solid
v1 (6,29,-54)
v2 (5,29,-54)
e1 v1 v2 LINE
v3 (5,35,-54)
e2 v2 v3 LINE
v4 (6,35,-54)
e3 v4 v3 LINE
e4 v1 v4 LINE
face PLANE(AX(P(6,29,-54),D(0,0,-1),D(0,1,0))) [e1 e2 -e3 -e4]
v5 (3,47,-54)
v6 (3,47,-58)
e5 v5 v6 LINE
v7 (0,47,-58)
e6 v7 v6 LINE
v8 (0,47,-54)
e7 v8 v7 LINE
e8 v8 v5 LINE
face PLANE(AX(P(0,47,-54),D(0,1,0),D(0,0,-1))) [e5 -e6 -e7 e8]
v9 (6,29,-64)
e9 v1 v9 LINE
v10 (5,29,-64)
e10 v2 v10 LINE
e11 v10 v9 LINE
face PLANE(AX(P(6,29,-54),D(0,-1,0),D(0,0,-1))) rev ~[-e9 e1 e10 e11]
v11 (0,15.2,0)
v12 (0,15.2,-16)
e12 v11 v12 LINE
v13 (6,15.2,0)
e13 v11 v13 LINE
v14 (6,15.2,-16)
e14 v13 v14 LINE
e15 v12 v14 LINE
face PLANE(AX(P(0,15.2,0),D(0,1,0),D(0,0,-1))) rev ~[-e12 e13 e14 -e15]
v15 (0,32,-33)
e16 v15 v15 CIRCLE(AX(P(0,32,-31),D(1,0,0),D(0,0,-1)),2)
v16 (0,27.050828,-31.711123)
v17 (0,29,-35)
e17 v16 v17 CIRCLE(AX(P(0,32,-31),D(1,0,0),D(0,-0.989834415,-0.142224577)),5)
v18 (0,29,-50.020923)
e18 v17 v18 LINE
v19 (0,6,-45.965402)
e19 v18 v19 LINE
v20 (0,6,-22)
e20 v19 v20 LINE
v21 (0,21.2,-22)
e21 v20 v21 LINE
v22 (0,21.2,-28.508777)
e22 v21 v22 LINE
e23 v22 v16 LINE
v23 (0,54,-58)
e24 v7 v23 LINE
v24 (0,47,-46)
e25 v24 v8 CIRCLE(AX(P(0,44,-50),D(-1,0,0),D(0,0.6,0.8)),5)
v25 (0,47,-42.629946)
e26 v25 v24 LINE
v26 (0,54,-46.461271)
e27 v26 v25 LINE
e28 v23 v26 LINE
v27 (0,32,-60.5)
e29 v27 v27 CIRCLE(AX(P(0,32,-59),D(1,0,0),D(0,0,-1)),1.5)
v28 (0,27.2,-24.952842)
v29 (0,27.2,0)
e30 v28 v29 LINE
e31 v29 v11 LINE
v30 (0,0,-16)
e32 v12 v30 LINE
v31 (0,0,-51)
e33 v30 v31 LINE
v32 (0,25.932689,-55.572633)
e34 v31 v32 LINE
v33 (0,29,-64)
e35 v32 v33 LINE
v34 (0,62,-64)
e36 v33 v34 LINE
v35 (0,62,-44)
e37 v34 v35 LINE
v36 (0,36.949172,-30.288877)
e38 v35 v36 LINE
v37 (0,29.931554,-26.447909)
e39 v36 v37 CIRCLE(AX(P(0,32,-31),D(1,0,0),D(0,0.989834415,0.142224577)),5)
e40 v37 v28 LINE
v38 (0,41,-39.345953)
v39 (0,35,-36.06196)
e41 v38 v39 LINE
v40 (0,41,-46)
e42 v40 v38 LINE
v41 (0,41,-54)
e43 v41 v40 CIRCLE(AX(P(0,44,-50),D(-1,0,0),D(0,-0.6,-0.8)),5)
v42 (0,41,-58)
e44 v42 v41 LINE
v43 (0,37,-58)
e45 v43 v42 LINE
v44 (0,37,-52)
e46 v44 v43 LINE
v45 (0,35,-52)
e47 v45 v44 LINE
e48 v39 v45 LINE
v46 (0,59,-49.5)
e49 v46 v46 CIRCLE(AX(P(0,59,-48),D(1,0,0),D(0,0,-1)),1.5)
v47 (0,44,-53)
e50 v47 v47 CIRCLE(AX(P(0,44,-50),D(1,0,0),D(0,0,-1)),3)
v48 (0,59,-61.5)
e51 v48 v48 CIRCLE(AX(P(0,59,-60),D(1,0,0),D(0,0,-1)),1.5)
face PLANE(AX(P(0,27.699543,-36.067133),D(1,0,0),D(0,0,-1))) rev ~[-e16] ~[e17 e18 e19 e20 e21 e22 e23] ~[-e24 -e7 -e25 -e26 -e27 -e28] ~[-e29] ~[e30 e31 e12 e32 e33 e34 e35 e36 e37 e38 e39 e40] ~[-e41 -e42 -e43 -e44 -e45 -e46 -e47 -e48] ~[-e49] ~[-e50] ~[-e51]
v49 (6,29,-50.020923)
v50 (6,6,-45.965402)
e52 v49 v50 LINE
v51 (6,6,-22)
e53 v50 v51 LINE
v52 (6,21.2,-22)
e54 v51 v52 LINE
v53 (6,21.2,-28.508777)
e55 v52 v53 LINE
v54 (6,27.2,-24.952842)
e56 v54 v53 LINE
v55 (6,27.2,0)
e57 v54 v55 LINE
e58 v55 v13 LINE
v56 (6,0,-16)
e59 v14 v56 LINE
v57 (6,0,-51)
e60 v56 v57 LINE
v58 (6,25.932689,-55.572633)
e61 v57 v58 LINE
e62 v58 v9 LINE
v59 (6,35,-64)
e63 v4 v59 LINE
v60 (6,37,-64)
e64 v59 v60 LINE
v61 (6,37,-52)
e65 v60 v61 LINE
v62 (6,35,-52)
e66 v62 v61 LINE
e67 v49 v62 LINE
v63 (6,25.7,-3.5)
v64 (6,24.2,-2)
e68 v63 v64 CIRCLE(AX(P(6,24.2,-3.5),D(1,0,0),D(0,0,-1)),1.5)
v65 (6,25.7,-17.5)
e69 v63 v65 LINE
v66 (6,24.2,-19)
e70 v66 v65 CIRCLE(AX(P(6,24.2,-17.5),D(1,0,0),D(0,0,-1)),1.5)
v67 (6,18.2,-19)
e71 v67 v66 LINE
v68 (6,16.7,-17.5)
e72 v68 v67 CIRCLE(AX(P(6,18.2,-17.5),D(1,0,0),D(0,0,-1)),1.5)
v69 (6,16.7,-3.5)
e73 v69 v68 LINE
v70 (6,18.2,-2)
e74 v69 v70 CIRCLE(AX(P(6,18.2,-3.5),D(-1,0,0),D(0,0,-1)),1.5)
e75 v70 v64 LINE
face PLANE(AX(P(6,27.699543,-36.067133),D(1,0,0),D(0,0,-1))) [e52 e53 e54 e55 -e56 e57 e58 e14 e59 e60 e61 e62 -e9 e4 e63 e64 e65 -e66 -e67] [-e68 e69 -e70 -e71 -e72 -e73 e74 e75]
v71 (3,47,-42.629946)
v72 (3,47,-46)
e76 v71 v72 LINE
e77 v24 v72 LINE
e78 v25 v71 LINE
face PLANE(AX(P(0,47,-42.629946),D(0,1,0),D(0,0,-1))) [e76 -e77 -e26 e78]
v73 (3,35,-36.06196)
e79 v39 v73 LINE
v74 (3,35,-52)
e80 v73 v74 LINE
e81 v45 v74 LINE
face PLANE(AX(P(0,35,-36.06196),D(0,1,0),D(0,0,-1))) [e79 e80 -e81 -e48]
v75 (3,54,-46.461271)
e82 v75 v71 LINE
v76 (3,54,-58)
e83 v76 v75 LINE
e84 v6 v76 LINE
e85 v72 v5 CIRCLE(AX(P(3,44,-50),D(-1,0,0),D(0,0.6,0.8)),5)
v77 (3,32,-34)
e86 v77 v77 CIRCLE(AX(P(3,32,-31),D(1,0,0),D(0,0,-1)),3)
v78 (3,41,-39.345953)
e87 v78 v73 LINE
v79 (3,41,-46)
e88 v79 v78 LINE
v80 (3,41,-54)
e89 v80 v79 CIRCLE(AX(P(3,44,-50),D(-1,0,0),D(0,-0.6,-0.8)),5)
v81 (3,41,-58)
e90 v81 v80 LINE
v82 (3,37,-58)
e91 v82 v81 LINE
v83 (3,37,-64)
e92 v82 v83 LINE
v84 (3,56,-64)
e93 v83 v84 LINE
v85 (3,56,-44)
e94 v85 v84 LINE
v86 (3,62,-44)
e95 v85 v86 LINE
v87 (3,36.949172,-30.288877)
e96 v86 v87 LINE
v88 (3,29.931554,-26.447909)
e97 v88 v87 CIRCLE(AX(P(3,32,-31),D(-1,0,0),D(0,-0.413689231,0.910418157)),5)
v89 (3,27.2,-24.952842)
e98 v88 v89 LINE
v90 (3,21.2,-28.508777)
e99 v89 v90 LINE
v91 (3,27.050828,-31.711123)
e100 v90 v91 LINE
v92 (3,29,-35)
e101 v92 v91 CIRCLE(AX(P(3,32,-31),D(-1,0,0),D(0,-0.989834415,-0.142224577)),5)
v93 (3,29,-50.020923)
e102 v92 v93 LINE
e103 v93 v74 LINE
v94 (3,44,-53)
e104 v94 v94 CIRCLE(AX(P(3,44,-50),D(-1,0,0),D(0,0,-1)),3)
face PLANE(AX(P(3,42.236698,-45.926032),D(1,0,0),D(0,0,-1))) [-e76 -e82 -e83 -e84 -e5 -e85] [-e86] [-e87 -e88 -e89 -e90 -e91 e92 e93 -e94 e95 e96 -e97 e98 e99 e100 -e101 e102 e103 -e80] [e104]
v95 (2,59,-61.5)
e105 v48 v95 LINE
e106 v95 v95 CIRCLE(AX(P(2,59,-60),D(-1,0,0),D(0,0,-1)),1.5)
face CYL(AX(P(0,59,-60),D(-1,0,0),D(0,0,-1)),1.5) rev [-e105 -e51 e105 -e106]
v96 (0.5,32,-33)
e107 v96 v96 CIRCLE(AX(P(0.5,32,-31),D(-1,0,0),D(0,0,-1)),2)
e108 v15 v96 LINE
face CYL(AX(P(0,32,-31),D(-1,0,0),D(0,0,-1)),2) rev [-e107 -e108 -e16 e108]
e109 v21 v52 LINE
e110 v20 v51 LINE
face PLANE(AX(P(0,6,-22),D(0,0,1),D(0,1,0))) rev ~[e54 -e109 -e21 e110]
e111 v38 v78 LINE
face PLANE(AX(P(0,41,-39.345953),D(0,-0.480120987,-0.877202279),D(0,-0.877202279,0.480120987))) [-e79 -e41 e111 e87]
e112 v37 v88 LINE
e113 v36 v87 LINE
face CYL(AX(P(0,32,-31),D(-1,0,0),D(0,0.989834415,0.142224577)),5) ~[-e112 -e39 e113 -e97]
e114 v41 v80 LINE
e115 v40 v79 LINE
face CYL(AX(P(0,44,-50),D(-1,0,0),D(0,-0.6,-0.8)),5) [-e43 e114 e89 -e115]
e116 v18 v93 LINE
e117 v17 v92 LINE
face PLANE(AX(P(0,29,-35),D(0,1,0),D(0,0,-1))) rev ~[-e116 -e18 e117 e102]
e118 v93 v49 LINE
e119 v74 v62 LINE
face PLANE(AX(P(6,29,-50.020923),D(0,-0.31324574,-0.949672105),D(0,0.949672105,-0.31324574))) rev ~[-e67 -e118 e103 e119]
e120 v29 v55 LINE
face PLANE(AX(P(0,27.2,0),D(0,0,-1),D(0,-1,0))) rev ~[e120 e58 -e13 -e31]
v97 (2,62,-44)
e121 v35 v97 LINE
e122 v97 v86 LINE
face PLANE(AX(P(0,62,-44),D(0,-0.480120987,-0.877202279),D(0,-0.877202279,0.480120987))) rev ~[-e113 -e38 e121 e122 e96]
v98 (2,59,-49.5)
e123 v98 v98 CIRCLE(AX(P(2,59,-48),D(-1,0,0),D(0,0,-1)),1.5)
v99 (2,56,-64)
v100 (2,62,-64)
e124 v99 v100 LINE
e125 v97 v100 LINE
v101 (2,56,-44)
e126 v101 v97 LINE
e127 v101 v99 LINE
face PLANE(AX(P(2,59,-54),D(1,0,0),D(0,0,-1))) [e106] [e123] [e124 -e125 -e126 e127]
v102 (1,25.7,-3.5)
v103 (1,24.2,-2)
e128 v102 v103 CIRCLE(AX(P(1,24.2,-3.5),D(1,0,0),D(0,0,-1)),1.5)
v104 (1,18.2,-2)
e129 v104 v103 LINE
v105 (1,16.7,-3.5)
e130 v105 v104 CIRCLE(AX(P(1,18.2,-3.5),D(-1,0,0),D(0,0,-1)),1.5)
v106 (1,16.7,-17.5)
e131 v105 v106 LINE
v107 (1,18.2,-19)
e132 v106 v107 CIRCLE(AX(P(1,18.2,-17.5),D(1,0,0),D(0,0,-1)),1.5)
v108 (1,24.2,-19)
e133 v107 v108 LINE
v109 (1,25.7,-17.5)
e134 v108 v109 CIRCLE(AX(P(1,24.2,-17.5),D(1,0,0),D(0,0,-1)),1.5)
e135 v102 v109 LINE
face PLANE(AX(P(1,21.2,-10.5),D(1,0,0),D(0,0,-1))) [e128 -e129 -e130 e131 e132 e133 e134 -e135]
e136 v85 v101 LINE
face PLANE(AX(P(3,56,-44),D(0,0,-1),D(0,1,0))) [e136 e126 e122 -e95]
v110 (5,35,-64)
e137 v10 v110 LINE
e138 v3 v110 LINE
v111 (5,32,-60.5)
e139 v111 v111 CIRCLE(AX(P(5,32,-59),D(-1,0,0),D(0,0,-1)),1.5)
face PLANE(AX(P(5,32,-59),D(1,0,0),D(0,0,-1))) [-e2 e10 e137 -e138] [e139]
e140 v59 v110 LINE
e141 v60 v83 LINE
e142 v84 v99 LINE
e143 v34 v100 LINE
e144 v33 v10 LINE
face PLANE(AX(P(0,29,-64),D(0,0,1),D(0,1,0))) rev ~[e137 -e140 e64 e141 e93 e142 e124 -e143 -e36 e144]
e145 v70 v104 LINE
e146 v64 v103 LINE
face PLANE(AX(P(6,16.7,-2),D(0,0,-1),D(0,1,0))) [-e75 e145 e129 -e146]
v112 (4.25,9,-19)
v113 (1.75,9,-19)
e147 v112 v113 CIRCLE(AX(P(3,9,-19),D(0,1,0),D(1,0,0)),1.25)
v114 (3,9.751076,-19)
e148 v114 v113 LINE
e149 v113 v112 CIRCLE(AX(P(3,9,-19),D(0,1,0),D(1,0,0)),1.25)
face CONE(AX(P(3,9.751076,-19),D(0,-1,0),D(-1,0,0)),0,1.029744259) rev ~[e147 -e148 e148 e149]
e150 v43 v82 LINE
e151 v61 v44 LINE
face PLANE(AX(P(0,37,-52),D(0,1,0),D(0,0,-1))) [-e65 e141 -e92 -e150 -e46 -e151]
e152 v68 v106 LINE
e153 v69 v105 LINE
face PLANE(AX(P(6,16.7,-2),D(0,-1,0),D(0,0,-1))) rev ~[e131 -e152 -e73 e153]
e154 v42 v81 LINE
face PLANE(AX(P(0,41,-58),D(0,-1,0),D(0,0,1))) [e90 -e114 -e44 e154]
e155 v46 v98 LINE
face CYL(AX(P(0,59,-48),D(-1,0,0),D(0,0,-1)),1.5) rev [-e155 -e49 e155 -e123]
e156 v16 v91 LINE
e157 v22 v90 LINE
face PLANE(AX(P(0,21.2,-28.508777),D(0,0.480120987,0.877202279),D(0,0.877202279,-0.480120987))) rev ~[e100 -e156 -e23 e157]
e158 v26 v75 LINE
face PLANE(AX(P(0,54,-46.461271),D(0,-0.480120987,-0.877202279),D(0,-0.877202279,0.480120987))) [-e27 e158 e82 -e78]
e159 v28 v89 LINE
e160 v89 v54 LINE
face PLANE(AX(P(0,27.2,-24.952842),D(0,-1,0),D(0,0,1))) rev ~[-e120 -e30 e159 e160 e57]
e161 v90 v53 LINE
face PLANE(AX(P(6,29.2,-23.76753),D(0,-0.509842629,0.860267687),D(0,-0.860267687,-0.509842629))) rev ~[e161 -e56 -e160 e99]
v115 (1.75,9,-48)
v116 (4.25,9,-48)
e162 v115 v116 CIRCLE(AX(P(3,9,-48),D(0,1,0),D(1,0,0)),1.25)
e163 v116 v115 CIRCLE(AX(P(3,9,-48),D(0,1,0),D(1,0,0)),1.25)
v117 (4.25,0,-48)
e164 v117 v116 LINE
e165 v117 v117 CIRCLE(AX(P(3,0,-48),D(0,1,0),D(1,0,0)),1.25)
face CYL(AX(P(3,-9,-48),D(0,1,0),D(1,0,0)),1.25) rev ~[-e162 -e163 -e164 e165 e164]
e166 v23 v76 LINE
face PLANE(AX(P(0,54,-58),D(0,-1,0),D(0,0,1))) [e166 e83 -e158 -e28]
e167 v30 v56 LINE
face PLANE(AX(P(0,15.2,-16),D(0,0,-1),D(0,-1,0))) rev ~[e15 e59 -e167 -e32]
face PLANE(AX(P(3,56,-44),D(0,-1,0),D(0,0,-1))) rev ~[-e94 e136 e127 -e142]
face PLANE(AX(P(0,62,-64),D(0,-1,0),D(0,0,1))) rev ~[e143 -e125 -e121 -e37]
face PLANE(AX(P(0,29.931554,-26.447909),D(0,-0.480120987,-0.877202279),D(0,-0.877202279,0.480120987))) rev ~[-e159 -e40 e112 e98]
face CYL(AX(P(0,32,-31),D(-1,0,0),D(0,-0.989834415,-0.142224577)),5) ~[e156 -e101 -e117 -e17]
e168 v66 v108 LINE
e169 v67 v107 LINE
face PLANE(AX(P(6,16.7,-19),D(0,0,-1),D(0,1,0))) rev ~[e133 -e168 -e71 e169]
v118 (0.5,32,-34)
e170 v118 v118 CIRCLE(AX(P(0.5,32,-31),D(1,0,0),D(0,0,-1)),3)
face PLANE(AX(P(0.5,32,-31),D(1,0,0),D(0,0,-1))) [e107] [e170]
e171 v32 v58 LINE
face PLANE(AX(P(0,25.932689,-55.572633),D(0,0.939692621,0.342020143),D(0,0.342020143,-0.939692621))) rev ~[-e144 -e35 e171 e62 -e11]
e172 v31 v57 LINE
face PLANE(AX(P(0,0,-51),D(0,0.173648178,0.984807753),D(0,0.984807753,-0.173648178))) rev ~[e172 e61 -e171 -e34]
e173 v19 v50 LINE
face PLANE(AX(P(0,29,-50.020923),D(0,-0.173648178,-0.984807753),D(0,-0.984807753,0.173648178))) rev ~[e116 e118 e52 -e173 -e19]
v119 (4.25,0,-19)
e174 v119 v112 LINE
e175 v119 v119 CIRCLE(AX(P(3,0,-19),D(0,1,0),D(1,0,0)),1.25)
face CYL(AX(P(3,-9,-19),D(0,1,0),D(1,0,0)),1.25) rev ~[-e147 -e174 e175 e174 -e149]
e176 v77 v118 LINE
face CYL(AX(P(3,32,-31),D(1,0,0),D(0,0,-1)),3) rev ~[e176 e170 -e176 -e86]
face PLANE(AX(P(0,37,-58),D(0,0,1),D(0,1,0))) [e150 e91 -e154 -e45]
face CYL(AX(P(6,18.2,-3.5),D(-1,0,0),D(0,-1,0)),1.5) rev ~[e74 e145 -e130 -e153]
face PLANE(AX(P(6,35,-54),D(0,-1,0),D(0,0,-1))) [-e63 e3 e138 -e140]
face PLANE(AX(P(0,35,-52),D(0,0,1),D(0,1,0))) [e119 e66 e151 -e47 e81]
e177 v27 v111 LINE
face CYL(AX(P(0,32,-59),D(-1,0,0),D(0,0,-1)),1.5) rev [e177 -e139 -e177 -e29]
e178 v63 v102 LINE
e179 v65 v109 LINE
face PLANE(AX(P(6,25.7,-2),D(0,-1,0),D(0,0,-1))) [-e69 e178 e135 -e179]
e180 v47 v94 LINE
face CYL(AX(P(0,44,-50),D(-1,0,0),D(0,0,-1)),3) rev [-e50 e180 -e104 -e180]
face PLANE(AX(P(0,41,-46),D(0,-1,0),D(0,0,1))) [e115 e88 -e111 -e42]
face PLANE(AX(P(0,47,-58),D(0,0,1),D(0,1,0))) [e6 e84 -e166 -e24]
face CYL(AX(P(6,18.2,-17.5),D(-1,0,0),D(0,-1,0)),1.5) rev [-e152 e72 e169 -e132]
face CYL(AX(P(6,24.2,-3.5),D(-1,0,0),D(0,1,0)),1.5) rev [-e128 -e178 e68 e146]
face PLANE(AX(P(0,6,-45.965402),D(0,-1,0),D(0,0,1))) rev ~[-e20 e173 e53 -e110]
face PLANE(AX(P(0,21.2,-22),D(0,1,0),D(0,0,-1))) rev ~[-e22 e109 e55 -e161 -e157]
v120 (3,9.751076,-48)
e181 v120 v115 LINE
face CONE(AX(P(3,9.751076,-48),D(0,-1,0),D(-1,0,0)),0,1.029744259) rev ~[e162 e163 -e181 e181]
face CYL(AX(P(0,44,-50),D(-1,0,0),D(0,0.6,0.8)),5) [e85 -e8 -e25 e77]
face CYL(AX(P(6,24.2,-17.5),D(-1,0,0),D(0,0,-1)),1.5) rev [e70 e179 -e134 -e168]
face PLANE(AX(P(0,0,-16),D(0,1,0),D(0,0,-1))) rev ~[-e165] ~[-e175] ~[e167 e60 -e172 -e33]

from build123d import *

# Parameters (mm, degrees)
SKETCH1_R                   = 1.5
SKETCH1_R_2                 = 3
SKETCH1_R_3                 = 2
BOSS_EXTRUDE1_DEPTH         = 6
TAP_DRILL_FOR_M3_TAP1_D     = 2.5
TAP_DRILL_FOR_M3_TAP1_DEPTH = 9
TAP_DRILL_FOR_M3_TAP1_TIP   = 0.751075774
CUT_EXTRUDE4_DEPTH          = 3
SKETCH14_W                  = 20
SKETCH14_H                  = 6
CUT_EXTRUDE5_DEPTH          = 1
SKETCH15_W                  = 10
SKETCH15_H                  = 6
CUT_EXTRUDE6_DEPTH          = 1
SKETCH16_R                  = 3
CUT_EXTRUDE7_DEPTH          = 2.5
SKETCH17_W                  = 17
SKETCH17_H                  = 9
CUT_EXTRUDE8_DEPTH          = 5
FILLET1_R                   = 1.5


with BuildPart() as part:
    # Sketch1 → Boss-Extrude1 (new body)
    with BuildSketch(Plane(origin=(0, 0, 0), x_dir=(0, 0, -1), z_dir=(1, 0, 0))):
        with BuildLine():
            Line((51, 0), (55.572632785, 25.93268918))
            Line((55.572632785, 25.93268918), (64, 29))
            Line((64, 29), (64, 62))
            Line((64, 62), (44, 62))
            Line((44, 62), (30.288877114, 36.949172076))
            ThreePointArc((30.288877114, 36.949172076), (26.613988607, 34.400604937), (26.447909215, 29.931553848))
            Line((26.447909215, 29.931553848), (24.952842042, 27.2))
            Line((24.952842042, 27.2), (0, 27.2))
            Line((0, 27.2), (0, 15.2))
            Line((0, 15.2), (16, 15.2))
            Line((16, 15.2), (16, 0))
            Line((16, 0), (51, 0))
        make_face()
        with Locations((59, 32)):
            Circle(SKETCH1_R, mode=Mode.SUBTRACT)
        with Locations((50, 44)):
            Circle(SKETCH1_R_2, mode=Mode.SUBTRACT)
        with Locations((60, 59)):
            Circle(SKETCH1_R, mode=Mode.SUBTRACT)
        with Locations((48, 59)):
            Circle(SKETCH1_R, mode=Mode.SUBTRACT)
        with Locations((31, 32)):
            Circle(SKETCH1_R_3, mode=Mode.SUBTRACT)
        with BuildLine():
            Line((39.345952884, 41), (36.061960132, 35))
            Line((36.061960132, 35), (52, 35))
            Line((52, 35), (52, 37))
            Line((52, 37), (58, 37))
            Line((58, 37), (58, 41))
            Line((58, 41), (54, 41))
            ThreePointArc((54, 41), (50, 39), (46, 41))
            Line((46, 41), (39.345952884, 41))
        make_face(mode=Mode.SUBTRACT)
        with BuildLine():
            Line((46.461270512, 54), (42.629945635, 47))
            Line((42.629945635, 47), (46, 47))
            ThreePointArc((46, 47), (50, 49), (54, 47))
            Line((54, 47), (58, 47))
            Line((58, 47), (58, 54))
            Line((58, 54), (46.461270512, 54))
        make_face(mode=Mode.SUBTRACT)
        with BuildLine():
            Line((35, 29), (50.020922769, 29))
            Line((50.020922769, 29), (45.965402213, 6))
            Line((45.965402213, 6), (22, 6))
            Line((22, 6), (22, 21.2))
            Line((22, 21.2), (28.508776804, 21.2))
            Line((28.508776804, 21.2), (31.711122886, 27.050827924))
            ThreePointArc((31.711122886, 27.050827924), (33.549213145, 27.698661564), (35, 29))
        make_face(mode=Mode.SUBTRACT)
    extrude(amount=BOSS_EXTRUDE1_DEPTH)

    # Tap Drill for M3 Tap1
    with Locations(Plane(origin=(0, 0, 0), x_dir=(-1, 0, 0), z_dir=(0, -1, 0))):
        with Locations((-3, 48), (-3, 19)):
            Hole(TAP_DRILL_FOR_M3_TAP1_D / 2, depth=TAP_DRILL_FOR_M3_TAP1_DEPTH)
            with Locations((0, 0, -(TAP_DRILL_FOR_M3_TAP1_DEPTH + TAP_DRILL_FOR_M3_TAP1_TIP / 2))):  # 118° drill point
                Cone(0, TAP_DRILL_FOR_M3_TAP1_D / 2, TAP_DRILL_FOR_M3_TAP1_TIP, mode=Mode.SUBTRACT)

    # Sketch13 → Cut-Extrude4 (cut)
    with BuildSketch(Plane(origin=(6, 0, 0), x_dir=(0, 0, -1), z_dir=(1, 0, 0))):
        Polygon((52, 37), (64, 37), (64, 62), (44, 62), (30.288877114, 36.949172076), (28.008901276, 36.949172076), (23.767530455, 29.2), (28.508776804, 21.2), (50.020922769, 29), (52, 35), align=None)
    extrude(amount=-CUT_EXTRUDE4_DEPTH, mode=Mode.SUBTRACT)

    # Sketch14 → Cut-Extrude5 (cut)
    with BuildSketch(Plane(origin=(3, 0, 0), x_dir=(0, 0, -1), z_dir=(1, 0, 0))):
        with Locations((54, 59)):
            Rectangle(SKETCH14_W, SKETCH14_H)
    extrude(amount=-CUT_EXTRUDE5_DEPTH, mode=Mode.SUBTRACT)

    # Sketch15 → Cut-Extrude6 (cut)
    with BuildSketch(Plane(origin=(6, 0, 0), x_dir=(0, 0, -1), z_dir=(1, 0, 0))):
        with Locations((59, 32)):
            Rectangle(SKETCH15_W, SKETCH15_H)
    extrude(amount=-CUT_EXTRUDE6_DEPTH, mode=Mode.SUBTRACT)

    # Sketch16 → Cut-Extrude7 (cut)
    with BuildSketch(Plane(origin=(3, 0, 0), x_dir=(0, 0, -1), z_dir=(1, 0, 0))):
        with Locations((31, 32)):
            Circle(SKETCH16_R)
    extrude(amount=-CUT_EXTRUDE7_DEPTH, mode=Mode.SUBTRACT)

    # Sketch17 → Cut-Extrude8 (cut)
    with BuildSketch(Plane(origin=(6, 0, 0), x_dir=(0, 0, -1), z_dir=(1, 0, 0))):
        with Locations((10.5, 21.2)):
            Rectangle(SKETCH17_W, SKETCH17_H)
    extrude(amount=-CUT_EXTRUDE8_DEPTH, mode=Mode.SUBTRACT)

    # Fillet1
    fillet1_edges = [part.edges().sort_by_distance(p)[0] for p in [
        (3.5, 16.7, -2),
        (3.5, 25.7, -2),
        (3.5, 25.7, -19),
        (3.5, 16.7, -19),
    ]]
    fillet(fillet1_edges, radius=FILLET1_R)


solid = part.part
